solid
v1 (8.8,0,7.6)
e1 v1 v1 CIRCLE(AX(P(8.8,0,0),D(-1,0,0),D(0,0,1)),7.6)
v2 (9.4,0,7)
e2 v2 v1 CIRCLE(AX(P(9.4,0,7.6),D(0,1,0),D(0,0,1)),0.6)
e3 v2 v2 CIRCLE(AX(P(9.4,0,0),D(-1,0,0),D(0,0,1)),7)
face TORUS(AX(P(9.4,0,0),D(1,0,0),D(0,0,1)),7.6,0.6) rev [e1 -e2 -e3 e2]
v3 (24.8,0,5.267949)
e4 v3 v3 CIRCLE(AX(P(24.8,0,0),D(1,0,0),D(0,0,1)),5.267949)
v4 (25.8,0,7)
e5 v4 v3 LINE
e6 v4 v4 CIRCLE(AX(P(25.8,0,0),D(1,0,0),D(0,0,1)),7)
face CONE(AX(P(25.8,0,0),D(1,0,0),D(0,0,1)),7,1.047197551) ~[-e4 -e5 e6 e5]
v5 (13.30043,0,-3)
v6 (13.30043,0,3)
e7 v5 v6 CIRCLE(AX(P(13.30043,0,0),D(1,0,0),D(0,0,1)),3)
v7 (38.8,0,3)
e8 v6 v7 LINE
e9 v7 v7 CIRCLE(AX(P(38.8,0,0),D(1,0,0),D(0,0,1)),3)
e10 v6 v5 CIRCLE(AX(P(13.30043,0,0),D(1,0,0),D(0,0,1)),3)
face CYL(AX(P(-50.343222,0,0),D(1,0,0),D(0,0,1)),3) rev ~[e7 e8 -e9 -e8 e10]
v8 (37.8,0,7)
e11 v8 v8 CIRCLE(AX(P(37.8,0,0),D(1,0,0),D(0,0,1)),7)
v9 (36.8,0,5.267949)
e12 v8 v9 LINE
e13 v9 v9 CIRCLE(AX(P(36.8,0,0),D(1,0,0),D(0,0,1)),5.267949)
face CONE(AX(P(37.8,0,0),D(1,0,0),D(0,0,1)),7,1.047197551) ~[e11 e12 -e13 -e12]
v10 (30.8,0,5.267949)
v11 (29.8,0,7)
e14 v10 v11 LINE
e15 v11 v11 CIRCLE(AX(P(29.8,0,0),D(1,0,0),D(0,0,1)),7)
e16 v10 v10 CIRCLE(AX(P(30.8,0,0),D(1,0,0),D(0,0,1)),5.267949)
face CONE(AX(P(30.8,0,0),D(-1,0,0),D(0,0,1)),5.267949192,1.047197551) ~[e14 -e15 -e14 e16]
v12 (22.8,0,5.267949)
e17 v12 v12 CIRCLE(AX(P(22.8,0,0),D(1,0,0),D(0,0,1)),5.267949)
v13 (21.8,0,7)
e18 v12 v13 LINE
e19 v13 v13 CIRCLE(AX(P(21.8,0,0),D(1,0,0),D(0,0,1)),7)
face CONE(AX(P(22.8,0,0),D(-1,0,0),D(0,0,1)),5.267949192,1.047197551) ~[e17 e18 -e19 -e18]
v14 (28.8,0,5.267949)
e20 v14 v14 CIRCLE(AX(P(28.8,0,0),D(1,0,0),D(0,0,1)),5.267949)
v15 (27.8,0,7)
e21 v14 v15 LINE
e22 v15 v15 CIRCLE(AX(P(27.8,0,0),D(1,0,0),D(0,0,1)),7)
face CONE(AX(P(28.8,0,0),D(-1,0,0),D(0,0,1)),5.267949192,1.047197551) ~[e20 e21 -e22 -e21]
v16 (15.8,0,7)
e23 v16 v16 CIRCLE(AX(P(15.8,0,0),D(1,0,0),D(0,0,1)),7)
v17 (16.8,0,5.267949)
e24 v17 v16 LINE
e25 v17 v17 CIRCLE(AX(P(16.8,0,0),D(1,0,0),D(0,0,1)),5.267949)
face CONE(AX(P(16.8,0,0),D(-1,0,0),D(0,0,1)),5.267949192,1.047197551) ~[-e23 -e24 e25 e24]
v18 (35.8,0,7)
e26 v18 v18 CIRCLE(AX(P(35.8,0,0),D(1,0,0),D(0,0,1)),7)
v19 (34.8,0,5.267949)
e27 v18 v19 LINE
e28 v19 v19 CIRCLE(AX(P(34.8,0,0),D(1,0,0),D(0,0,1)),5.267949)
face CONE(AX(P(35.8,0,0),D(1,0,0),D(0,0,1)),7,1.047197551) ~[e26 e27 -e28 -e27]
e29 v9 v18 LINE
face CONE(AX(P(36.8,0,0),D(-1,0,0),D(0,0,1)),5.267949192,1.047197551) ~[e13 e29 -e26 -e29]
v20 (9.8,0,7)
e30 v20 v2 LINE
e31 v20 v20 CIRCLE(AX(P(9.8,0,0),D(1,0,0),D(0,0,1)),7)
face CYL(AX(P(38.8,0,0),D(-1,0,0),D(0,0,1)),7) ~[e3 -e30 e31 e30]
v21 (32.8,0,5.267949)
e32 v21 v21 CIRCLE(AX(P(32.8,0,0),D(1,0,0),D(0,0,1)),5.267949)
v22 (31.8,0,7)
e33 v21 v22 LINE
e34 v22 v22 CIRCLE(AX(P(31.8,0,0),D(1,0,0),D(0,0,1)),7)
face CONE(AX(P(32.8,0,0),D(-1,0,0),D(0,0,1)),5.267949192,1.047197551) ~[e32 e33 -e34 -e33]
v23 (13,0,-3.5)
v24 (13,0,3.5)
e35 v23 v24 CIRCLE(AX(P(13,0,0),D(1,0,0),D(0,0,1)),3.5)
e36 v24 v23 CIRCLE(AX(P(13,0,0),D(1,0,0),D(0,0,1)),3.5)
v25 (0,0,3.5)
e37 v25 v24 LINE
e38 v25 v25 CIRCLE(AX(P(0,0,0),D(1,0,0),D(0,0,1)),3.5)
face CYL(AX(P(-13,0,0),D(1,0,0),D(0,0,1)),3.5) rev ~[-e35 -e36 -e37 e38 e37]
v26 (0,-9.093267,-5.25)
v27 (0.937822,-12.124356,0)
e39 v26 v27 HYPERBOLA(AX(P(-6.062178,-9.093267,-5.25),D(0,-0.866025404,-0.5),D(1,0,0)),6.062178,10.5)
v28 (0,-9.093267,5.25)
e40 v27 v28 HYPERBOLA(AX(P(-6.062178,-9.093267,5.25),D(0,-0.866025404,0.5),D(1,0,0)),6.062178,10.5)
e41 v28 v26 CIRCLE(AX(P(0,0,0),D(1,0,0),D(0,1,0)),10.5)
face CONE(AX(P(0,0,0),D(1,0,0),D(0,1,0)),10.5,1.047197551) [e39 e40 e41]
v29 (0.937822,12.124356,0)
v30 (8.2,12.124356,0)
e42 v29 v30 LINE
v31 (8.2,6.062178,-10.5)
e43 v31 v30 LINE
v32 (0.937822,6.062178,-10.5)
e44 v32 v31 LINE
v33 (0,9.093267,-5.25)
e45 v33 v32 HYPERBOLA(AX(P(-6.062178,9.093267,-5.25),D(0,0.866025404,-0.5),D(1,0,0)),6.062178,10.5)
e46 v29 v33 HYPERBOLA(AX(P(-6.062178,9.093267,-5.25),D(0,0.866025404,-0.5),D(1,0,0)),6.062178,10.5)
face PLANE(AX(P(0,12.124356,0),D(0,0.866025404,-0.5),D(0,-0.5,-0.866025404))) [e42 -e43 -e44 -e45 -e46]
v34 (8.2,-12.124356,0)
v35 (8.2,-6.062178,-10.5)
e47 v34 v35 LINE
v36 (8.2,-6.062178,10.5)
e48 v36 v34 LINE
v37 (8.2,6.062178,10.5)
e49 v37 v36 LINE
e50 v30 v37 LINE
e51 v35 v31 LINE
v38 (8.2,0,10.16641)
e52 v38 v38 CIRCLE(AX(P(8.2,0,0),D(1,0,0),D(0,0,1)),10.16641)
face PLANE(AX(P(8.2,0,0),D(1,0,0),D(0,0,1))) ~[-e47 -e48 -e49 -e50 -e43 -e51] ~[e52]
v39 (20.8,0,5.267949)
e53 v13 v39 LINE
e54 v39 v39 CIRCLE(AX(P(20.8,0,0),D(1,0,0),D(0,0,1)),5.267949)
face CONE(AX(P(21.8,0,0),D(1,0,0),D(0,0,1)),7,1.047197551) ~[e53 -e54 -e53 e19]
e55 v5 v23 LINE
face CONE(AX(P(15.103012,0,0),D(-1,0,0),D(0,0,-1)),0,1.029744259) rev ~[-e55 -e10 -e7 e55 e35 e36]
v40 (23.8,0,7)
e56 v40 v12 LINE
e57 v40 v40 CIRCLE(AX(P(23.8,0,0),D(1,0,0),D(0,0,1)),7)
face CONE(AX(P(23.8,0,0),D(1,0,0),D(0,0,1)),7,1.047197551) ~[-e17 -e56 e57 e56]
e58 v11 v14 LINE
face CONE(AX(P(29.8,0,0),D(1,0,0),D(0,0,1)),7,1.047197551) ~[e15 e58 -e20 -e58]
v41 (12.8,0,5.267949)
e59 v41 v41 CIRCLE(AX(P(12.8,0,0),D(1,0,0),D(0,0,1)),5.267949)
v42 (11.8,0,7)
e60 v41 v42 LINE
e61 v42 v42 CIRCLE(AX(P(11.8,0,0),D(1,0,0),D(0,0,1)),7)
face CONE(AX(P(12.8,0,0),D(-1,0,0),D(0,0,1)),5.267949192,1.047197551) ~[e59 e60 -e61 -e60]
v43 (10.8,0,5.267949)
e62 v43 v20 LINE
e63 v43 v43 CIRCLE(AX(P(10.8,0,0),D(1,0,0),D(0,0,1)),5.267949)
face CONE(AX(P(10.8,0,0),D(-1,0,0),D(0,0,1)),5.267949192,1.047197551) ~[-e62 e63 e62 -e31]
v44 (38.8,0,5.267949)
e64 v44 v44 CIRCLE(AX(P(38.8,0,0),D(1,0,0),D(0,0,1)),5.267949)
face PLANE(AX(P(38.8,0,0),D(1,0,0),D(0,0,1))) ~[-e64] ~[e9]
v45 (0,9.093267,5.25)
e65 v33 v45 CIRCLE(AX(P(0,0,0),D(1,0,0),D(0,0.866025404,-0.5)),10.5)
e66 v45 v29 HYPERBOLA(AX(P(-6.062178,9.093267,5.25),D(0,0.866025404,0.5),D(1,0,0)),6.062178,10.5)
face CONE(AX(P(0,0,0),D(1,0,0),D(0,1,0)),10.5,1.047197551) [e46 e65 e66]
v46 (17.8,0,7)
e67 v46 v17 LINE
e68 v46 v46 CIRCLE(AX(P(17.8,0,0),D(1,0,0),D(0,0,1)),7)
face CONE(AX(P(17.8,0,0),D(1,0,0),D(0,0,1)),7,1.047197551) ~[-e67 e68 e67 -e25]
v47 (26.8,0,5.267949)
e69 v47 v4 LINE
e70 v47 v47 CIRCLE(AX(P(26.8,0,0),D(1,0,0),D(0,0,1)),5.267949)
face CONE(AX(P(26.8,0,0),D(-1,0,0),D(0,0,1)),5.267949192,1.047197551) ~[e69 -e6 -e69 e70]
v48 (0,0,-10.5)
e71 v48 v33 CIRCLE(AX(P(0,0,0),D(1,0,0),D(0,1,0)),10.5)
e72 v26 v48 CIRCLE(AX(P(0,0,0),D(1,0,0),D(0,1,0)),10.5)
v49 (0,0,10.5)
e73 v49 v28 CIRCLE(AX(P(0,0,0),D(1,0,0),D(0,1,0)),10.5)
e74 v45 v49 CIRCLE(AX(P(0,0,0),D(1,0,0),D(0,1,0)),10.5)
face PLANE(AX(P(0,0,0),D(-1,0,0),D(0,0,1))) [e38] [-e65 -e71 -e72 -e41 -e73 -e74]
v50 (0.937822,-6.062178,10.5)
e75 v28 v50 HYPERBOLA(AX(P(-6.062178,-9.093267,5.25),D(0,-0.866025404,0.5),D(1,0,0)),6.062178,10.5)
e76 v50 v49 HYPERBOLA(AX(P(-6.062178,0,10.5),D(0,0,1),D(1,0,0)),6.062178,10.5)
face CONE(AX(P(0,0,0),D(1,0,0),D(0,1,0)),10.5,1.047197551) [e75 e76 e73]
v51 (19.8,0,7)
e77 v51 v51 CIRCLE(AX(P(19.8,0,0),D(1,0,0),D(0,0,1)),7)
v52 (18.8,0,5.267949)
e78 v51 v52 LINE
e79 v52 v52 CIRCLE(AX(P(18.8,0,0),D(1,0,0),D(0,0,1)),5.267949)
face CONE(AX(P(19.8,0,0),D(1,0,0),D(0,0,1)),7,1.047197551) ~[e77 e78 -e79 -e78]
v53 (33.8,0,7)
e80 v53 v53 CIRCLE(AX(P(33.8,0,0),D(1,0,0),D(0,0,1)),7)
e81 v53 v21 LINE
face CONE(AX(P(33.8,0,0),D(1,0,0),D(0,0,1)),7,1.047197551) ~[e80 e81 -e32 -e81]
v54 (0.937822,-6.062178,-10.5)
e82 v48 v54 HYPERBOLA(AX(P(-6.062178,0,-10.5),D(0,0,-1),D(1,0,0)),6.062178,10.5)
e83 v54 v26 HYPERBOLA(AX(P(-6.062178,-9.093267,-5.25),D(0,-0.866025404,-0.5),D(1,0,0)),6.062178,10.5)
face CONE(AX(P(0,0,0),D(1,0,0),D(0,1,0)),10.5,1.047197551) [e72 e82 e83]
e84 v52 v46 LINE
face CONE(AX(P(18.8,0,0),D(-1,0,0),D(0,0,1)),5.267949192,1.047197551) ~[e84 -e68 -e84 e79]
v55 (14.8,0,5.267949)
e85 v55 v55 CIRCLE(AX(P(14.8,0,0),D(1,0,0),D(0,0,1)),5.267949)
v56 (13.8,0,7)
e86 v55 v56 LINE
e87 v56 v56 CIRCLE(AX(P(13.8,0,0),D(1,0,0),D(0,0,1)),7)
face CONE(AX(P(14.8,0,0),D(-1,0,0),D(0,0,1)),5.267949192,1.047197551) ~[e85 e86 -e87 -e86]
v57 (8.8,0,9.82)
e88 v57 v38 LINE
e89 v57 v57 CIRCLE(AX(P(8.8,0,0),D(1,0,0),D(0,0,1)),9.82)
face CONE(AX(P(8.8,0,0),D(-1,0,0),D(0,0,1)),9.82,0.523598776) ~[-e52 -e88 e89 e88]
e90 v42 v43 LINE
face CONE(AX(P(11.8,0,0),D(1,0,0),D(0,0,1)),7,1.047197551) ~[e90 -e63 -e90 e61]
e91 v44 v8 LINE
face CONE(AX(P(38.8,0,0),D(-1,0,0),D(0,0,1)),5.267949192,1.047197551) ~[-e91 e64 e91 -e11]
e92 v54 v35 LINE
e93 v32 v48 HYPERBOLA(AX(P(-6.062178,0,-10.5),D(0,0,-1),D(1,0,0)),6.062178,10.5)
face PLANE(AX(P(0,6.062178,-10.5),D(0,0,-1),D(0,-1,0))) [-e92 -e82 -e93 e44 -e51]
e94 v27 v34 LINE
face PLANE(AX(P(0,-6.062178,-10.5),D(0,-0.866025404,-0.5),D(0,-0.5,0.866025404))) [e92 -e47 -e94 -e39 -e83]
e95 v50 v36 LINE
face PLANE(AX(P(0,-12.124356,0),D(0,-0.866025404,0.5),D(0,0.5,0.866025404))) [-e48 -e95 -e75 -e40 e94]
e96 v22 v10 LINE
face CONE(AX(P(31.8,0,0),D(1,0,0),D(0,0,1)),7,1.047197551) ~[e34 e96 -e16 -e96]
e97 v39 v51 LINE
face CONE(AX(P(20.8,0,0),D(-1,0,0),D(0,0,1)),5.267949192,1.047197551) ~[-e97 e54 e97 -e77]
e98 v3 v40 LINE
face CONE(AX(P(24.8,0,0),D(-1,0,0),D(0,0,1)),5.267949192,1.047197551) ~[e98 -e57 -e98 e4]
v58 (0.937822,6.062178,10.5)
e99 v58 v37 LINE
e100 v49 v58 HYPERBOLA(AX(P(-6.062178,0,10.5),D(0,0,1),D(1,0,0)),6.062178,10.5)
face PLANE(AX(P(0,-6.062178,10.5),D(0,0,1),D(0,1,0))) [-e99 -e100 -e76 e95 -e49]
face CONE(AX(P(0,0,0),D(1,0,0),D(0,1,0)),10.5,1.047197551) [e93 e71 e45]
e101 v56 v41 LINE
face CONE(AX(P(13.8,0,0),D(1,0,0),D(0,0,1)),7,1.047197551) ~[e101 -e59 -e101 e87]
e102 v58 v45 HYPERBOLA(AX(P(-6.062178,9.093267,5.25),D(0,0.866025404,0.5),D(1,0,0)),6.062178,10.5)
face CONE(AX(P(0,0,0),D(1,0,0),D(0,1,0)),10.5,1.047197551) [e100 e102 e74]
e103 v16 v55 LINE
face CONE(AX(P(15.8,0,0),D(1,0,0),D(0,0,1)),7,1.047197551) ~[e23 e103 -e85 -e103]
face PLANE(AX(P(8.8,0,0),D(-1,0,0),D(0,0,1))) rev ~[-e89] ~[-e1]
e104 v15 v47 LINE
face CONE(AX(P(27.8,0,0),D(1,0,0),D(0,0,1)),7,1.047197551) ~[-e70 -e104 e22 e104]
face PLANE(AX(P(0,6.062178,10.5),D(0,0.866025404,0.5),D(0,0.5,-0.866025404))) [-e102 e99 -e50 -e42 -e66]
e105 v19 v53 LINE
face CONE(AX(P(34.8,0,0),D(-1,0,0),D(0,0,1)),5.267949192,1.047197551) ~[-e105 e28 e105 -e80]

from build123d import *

# Parameters (mm, degrees)
EXTRUDE_421_DEPTH      = 8.8
FILLET_1299_R          = 0.6
PATTERN_LINEAR_1_COUNT = 15
PATTERN_LINEAR_1_PITCH = 2
HOLE_WIZARD_6_0_6_1_D  = 6
M8X1_0_1_D             = 7
M8X1_0_1_DEPTH         = 13
M8X1_0_1_TIP           = 2.103012167


with BuildPart() as part:
    # 草图1 → Extrude 421 (new body)
    with BuildSketch(Plane(origin=(0, 0, 0), x_dir=(0, 0, -1), z_dir=(1, 0, 0))):
        Polygon((10.5, 6.062177826), (10.5, -6.062177826), (0, -12.124355653), (-10.5, -6.062177826), (-10.5, 6.062177826), (0, 12.124355653), align=None)
    extrude(amount=EXTRUDE_421_DEPTH)

    # 草图2 → 凸台-旋转1 (revolve)
    with BuildSketch(Plane.XY, mode=Mode.PRIVATE) as revolve_1_sk:
        Polygon((0, 0), (38.8, 0), (38.8, 5.268), (38.8, 7), (0, 7), align=None)
    revolve(revolve_1_sk.sketch.rotate(Axis((0, 0, 0), (1, 0, 0)), 90), axis=Axis((0, 0, 0), (1, 0, 0)))

    # 草图3 → 切除-旋转1 (revolve, cut)
    with BuildSketch(Plane.XY):
        Polygon((0, 10.5), (3.824573519, 17.124355653), (3.824573519, 22.124355653), (-10, 22.124355653), (-10, 10.5), align=None)
    revolve(axis=Axis((0, 0, 0), (1, 0, 0)), mode=Mode.SUBTRACT)

    # 草图4 → 切除-旋转3 (revolve, cut)
    with BuildSketch(Plane.XY, mode=Mode.PRIVATE) as cut_revolve_3_sk:
        Polygon((8.8, 9.82), (8.2, 10.166410162), (8.2, 12.124355653), (8.8, 12.124355653), align=None)
    revolve(cut_revolve_3_sk.sketch.rotate(Axis((0, 0, 0), (1, 0, 0)), 90), axis=Axis((0, 0, 0), (1, 0, 0)), mode=Mode.SUBTRACT)

    # Fillet 1299
    fillet_1299_edges = [part.edges().sort_by_distance(p)[0] for p in [
        (8.8, 0, -7),
    ]]
    fillet(fillet_1299_edges, radius=FILLET_1299_R)

    # 草图6 → 切除-旋转4 (revolve, cut)
    with BuildSketch(Plane.XY, mode=Mode.PRIVATE) as cut_revolve_4_sk:
        Polygon((37.8, 7), (39.8, 7), (38.8, 5.267949192), align=None)
    cut_revolve_4 = revolve(cut_revolve_4_sk.sketch.rotate(Axis((0, 0, 0), (1, 0, 0)), 90), axis=Axis((0, 0, 0), (1, 0, 0)), mode=Mode.SUBTRACT)

    # 阵列(线性)1: 切除-旋转4 ×15
    with Locations(*[(-i * PATTERN_LINEAR_1_PITCH, 0, 0) for i in range(1, PATTERN_LINEAR_1_COUNT)]):
        add(cut_revolve_4, mode=Mode.SUBTRACT)

    # Ø6.0 (6) 直径孔1 (through all)
    with Locations(Plane(origin=(0, 0, 0), x_dir=(0, 0, -1), z_dir=(-1, 0, 0))):
        with Locations((0, 0)):
            Hole(HOLE_WIZARD_6_0_6_1_D / 2)

    # M8x1.0 螺纹孔1
    with Locations(Plane(origin=(0, 0, 0), x_dir=(0, 0, -1), z_dir=(-1, 0, 0))):
        with Locations((0, 0)):
            Hole(M8X1_0_1_D / 2, depth=M8X1_0_1_DEPTH)
            with Locations((0, 0, -(M8X1_0_1_DEPTH + M8X1_0_1_TIP / 2))):  # 118° drill point
                Cone(0, M8X1_0_1_D / 2, M8X1_0_1_TIP, mode=Mode.SUBTRACT)


solid = part.part
